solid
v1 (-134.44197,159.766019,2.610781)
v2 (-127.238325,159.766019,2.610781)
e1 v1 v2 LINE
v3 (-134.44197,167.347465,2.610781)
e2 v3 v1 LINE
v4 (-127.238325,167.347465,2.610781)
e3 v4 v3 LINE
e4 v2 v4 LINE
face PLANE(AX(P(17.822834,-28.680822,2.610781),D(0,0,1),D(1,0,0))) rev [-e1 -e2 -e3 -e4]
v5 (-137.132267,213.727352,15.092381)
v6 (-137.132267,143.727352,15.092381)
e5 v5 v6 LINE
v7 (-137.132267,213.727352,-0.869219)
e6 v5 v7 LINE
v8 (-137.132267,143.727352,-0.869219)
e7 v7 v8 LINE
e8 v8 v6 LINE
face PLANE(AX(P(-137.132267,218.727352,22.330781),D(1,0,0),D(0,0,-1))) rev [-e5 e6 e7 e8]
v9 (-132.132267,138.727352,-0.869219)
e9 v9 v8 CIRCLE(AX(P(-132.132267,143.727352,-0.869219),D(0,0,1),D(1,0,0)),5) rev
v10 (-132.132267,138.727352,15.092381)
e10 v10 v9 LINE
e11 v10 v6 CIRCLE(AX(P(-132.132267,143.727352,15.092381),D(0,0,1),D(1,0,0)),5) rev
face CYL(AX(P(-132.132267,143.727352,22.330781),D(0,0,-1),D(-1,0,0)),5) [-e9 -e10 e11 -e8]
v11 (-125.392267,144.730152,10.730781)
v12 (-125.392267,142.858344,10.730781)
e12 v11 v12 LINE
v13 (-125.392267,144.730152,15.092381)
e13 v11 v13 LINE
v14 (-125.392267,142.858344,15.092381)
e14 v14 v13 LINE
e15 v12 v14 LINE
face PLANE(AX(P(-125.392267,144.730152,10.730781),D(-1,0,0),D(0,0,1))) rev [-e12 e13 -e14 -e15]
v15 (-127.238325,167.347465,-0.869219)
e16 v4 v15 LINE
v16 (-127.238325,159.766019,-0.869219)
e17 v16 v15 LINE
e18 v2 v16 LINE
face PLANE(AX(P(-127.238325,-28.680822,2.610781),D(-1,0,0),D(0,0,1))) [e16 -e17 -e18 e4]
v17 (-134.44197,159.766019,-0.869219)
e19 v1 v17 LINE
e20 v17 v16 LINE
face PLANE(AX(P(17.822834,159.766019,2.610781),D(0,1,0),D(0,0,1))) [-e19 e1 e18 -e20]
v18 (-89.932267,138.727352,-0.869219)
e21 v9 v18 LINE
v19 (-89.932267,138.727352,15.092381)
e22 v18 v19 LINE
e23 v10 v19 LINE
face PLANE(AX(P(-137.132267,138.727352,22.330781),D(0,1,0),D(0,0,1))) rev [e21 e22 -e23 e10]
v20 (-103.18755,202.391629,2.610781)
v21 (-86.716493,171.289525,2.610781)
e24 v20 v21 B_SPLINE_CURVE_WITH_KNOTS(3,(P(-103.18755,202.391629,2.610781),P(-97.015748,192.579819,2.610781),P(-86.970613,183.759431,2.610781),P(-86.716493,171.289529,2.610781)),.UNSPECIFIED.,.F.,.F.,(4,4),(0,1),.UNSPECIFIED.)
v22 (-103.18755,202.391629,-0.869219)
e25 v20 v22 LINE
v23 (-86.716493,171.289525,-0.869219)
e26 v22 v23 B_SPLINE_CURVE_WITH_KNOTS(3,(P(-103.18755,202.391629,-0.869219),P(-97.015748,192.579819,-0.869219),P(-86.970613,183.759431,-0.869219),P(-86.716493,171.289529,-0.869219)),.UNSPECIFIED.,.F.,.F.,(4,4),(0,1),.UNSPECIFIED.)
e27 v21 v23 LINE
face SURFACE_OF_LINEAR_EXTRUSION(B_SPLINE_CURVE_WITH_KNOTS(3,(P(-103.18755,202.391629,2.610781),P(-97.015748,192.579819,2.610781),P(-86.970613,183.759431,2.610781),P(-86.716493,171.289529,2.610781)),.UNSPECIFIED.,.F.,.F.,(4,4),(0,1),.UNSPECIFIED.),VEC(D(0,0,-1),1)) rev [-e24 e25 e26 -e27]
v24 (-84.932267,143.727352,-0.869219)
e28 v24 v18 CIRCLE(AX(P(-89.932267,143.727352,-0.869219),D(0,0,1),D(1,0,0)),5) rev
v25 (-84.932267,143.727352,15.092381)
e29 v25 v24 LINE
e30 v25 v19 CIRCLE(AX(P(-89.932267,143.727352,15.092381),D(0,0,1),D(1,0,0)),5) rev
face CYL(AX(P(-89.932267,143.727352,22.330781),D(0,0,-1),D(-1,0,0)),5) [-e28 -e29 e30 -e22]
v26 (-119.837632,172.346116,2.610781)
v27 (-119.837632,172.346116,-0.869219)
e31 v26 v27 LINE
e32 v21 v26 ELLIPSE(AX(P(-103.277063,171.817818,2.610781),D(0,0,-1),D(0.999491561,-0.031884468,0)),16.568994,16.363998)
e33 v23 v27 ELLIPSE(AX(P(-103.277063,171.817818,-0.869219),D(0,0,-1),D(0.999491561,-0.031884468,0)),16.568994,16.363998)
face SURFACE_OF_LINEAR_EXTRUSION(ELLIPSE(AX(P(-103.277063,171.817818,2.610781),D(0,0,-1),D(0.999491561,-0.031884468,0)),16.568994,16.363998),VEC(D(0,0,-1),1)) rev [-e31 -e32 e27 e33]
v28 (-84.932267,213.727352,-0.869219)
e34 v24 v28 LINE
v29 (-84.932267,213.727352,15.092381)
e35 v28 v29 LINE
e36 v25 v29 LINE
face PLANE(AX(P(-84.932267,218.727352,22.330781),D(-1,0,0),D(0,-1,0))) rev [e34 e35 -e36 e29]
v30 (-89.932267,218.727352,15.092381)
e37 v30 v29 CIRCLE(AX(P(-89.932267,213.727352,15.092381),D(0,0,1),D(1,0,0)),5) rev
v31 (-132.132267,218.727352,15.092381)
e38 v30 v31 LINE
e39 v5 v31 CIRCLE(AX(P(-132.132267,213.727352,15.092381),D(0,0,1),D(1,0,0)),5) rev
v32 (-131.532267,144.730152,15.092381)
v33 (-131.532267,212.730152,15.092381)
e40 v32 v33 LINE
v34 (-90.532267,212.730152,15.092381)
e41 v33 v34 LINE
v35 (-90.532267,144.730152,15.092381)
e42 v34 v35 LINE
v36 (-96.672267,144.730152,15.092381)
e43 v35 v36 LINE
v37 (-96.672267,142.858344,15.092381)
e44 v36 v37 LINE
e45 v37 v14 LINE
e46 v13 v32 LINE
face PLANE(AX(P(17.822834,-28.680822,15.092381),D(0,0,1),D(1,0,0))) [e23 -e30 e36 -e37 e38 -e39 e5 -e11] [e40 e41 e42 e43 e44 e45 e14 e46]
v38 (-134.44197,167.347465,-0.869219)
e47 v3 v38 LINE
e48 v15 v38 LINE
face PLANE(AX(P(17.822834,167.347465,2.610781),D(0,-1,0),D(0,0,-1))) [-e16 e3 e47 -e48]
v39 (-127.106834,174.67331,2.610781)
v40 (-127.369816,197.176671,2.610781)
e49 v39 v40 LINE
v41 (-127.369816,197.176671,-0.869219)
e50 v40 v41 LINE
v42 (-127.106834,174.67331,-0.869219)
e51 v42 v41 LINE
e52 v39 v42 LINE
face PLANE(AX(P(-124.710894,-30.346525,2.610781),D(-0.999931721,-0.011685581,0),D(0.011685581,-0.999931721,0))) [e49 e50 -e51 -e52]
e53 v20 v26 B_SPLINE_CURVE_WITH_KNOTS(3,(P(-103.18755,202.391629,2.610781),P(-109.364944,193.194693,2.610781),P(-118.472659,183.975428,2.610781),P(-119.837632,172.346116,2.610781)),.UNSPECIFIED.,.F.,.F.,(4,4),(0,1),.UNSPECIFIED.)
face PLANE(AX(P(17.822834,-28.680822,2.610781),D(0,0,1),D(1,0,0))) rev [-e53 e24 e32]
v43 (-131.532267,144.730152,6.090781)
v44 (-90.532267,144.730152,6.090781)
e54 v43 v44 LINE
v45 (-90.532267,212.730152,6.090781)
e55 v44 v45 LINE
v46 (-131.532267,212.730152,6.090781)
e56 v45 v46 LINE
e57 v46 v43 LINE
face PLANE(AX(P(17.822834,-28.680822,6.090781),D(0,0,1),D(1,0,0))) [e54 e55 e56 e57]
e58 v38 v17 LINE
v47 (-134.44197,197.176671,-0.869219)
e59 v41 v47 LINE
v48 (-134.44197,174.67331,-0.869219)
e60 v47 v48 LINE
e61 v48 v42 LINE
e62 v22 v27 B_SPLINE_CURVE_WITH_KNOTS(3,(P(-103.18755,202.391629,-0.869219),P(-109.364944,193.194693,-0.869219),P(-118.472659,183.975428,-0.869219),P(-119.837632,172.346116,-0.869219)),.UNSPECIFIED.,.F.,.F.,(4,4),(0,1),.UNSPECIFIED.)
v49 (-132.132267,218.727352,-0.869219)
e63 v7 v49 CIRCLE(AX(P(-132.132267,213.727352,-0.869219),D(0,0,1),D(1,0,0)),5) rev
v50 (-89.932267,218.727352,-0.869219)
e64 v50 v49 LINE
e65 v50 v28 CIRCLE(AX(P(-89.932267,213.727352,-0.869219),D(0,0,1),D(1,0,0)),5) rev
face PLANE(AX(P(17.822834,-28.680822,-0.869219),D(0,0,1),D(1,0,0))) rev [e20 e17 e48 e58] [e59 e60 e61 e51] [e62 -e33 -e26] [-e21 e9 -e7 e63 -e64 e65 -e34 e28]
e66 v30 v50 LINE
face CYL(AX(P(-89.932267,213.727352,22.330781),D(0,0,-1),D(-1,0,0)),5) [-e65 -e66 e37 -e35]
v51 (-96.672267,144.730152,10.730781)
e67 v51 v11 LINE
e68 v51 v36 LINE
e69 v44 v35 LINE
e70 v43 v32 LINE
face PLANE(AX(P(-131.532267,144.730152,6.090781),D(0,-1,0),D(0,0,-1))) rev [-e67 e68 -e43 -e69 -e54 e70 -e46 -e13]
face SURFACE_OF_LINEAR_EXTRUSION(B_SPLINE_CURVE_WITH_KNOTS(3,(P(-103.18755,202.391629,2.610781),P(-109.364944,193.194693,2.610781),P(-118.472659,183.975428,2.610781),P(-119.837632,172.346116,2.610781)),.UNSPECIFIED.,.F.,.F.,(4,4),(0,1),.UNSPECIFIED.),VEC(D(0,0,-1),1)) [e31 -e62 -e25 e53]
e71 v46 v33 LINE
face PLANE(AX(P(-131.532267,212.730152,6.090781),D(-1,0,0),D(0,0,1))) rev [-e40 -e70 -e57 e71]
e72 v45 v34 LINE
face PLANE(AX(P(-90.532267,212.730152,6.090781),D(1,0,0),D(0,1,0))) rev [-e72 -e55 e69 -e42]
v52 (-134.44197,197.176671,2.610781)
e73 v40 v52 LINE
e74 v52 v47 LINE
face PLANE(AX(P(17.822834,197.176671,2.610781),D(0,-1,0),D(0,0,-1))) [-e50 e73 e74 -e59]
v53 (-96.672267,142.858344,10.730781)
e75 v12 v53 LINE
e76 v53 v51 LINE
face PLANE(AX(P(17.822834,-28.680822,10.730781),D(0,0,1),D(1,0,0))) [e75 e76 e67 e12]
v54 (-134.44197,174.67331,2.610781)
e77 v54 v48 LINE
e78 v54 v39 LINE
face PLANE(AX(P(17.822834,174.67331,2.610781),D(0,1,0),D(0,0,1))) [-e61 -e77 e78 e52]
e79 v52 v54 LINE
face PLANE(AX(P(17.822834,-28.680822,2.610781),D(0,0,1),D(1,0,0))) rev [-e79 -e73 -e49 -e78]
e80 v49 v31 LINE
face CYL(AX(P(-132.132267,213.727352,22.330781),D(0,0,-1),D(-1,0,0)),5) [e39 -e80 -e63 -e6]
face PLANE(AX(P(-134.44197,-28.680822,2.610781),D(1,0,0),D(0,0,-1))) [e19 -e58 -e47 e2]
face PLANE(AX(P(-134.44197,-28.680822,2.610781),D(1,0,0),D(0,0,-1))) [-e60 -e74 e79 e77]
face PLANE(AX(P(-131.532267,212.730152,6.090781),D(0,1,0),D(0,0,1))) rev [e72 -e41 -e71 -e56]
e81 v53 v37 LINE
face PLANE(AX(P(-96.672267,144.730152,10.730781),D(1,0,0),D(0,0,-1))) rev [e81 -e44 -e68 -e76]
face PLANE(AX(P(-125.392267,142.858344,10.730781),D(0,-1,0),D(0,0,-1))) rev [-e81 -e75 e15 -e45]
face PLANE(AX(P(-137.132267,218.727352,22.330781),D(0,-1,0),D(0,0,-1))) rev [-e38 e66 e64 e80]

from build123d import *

# Parameters (mm, degrees)
ESQUISSE4_W              = 45
ESQUISSE4_H              = 68.965517242
BOSS_EXTRU_2_DEPTH       = 20
CONG_6_R                 = 4.310344828
ESQUISSE9_W              = 35.344827586
ESQUISSE9_H              = 58.620689655
ENL_V_MAT_EXTRU_7_DEPTH  = 14
ESQUISSE10_W             = 24.75862069
ESQUISSE10_H             = 1.613627587
ENL_V_MAT_EXTRU_8_DEPTH  = 10
ESQUISSE12_W             = 45
ESQUISSE12_H             = 68.965517242
ENL_V_MAT_EXTRU_11_DEPTH = 6.24
ESQUISSE14_W             = 6.210038645
ESQUISSE14_H             = 6.535729399
ENL_V_MAT_EXTRU_15_DEPTH = 3
ECHELLE2_SCALE           = 1.16


with BuildPart() as part:
    # Esquisse4 → Boss.-Extru.2 (new body)
    with BuildSketch(Plane.XY):
        with Locations((-111.0819834, 178.800149876)):
            Rectangle(ESQUISSE4_W, ESQUISSE4_H)
    extrude(amount=BOSS_EXTRU_2_DEPTH)

    # Congé6
    cong_6_edges = [part.edges().sort_by_distance(p)[0] for p in [
        (-133.5819834, 213.282908497, 10),
        (-88.5819834, 213.282908497, 10),
        (-88.5819834, 144.317391255, 10),
        (-133.5819834, 144.317391255, 10),
    ]]
    fillet(cong_6_edges, radius=CONG_6_R)

    # Esquisse9 → Enlèv. mat.-Extru.7 (cut)
    with BuildSketch(Plane.XY.offset(20)):
        with Locations((-111.081983607, 178.802563669)):
            Rectangle(ESQUISSE9_W, ESQUISSE9_H)
    extrude(amount=-ENL_V_MAT_EXTRU_7_DEPTH, mode=Mode.SUBTRACT)

    # Esquisse10 → Enlèv. mat.-Extru.8 (cut)
    with BuildSketch(Plane.XY.offset(20)):
        with Locations((-111.081983607, 148.685405049)):
            Rectangle(ESQUISSE10_W, ESQUISSE10_H)
    extrude(amount=-ENL_V_MAT_EXTRU_8_DEPTH, mode=Mode.SUBTRACT)

    # Esquisse12 → Enlèv. mat.-Extru.11 (cut)
    with BuildSketch(Plane.XY.offset(20)):
        with Locations((-111.0819834, 178.800149876)):
            Rectangle(ESQUISSE12_W, ESQUISSE12_H)
    extrude(amount=-ENL_V_MAT_EXTRU_11_DEPTH, mode=Mode.SUBTRACT)

    # Esquisse14 → Enlèv. mat.-Extru.15 (cut)
    with BuildSketch(Plane.XY):
        with Locations((-128.157742359, 165.722037811)):
            Rectangle(ESQUISSE14_W, ESQUISSE14_H)
        Polygon((-125.166077697, 194.70473497), (-131.262761681, 194.70473497), (-131.262761681, 175.305285642), (-124.939368374, 175.305285642), align=None)
        with BuildLine():
            add(Edge.make_bspline(
                [(-118.672815137, 173.299083951), (-119.122606069, 159.199358702), (-104.846253159, 158.743933226), (-90.56990025, 158.28850775), (-90.120109318, 172.388233)],
                knots=[0, 0, 0, 1.570796327, 1.570796327, 3.141592654, 3.141592654, 3.141592654], degree=2, weights=[1, 0.707106781, 1, 0.707106781, 1]))
            add(Edge.make_bspline(
                [(-104.31929668, 199.200388229), (-98.998777501, 190.741931467), (-90.339178369, 183.138148549), (-90.120109318, 172.388233)],
                knots=[0, 0, 0, 0, 1, 1, 1, 1], degree=3))
            add(Edge.make_bspline(
                [(-104.31929668, 199.200388229), (-109.644635947, 191.271995555), (-117.49611417, 183.324353593), (-118.672815137, 173.299083951)],
                knots=[0, 0, 0, 0, 1, 1, 1, 1], degree=3))
        make_face()
    extrude(amount=ENL_V_MAT_EXTRU_15_DEPTH, mode=Mode.SUBTRACT)


with BuildPart() as part_1:
    # Echelle2: scaled about (-111.392758629, 179.255556227, 5.432678967)
    add(part.part.scale(ECHELLE2_SCALE).moved(Location((17.822841381, -28.680888996, -0.869228635))))


solid = part_1.part
